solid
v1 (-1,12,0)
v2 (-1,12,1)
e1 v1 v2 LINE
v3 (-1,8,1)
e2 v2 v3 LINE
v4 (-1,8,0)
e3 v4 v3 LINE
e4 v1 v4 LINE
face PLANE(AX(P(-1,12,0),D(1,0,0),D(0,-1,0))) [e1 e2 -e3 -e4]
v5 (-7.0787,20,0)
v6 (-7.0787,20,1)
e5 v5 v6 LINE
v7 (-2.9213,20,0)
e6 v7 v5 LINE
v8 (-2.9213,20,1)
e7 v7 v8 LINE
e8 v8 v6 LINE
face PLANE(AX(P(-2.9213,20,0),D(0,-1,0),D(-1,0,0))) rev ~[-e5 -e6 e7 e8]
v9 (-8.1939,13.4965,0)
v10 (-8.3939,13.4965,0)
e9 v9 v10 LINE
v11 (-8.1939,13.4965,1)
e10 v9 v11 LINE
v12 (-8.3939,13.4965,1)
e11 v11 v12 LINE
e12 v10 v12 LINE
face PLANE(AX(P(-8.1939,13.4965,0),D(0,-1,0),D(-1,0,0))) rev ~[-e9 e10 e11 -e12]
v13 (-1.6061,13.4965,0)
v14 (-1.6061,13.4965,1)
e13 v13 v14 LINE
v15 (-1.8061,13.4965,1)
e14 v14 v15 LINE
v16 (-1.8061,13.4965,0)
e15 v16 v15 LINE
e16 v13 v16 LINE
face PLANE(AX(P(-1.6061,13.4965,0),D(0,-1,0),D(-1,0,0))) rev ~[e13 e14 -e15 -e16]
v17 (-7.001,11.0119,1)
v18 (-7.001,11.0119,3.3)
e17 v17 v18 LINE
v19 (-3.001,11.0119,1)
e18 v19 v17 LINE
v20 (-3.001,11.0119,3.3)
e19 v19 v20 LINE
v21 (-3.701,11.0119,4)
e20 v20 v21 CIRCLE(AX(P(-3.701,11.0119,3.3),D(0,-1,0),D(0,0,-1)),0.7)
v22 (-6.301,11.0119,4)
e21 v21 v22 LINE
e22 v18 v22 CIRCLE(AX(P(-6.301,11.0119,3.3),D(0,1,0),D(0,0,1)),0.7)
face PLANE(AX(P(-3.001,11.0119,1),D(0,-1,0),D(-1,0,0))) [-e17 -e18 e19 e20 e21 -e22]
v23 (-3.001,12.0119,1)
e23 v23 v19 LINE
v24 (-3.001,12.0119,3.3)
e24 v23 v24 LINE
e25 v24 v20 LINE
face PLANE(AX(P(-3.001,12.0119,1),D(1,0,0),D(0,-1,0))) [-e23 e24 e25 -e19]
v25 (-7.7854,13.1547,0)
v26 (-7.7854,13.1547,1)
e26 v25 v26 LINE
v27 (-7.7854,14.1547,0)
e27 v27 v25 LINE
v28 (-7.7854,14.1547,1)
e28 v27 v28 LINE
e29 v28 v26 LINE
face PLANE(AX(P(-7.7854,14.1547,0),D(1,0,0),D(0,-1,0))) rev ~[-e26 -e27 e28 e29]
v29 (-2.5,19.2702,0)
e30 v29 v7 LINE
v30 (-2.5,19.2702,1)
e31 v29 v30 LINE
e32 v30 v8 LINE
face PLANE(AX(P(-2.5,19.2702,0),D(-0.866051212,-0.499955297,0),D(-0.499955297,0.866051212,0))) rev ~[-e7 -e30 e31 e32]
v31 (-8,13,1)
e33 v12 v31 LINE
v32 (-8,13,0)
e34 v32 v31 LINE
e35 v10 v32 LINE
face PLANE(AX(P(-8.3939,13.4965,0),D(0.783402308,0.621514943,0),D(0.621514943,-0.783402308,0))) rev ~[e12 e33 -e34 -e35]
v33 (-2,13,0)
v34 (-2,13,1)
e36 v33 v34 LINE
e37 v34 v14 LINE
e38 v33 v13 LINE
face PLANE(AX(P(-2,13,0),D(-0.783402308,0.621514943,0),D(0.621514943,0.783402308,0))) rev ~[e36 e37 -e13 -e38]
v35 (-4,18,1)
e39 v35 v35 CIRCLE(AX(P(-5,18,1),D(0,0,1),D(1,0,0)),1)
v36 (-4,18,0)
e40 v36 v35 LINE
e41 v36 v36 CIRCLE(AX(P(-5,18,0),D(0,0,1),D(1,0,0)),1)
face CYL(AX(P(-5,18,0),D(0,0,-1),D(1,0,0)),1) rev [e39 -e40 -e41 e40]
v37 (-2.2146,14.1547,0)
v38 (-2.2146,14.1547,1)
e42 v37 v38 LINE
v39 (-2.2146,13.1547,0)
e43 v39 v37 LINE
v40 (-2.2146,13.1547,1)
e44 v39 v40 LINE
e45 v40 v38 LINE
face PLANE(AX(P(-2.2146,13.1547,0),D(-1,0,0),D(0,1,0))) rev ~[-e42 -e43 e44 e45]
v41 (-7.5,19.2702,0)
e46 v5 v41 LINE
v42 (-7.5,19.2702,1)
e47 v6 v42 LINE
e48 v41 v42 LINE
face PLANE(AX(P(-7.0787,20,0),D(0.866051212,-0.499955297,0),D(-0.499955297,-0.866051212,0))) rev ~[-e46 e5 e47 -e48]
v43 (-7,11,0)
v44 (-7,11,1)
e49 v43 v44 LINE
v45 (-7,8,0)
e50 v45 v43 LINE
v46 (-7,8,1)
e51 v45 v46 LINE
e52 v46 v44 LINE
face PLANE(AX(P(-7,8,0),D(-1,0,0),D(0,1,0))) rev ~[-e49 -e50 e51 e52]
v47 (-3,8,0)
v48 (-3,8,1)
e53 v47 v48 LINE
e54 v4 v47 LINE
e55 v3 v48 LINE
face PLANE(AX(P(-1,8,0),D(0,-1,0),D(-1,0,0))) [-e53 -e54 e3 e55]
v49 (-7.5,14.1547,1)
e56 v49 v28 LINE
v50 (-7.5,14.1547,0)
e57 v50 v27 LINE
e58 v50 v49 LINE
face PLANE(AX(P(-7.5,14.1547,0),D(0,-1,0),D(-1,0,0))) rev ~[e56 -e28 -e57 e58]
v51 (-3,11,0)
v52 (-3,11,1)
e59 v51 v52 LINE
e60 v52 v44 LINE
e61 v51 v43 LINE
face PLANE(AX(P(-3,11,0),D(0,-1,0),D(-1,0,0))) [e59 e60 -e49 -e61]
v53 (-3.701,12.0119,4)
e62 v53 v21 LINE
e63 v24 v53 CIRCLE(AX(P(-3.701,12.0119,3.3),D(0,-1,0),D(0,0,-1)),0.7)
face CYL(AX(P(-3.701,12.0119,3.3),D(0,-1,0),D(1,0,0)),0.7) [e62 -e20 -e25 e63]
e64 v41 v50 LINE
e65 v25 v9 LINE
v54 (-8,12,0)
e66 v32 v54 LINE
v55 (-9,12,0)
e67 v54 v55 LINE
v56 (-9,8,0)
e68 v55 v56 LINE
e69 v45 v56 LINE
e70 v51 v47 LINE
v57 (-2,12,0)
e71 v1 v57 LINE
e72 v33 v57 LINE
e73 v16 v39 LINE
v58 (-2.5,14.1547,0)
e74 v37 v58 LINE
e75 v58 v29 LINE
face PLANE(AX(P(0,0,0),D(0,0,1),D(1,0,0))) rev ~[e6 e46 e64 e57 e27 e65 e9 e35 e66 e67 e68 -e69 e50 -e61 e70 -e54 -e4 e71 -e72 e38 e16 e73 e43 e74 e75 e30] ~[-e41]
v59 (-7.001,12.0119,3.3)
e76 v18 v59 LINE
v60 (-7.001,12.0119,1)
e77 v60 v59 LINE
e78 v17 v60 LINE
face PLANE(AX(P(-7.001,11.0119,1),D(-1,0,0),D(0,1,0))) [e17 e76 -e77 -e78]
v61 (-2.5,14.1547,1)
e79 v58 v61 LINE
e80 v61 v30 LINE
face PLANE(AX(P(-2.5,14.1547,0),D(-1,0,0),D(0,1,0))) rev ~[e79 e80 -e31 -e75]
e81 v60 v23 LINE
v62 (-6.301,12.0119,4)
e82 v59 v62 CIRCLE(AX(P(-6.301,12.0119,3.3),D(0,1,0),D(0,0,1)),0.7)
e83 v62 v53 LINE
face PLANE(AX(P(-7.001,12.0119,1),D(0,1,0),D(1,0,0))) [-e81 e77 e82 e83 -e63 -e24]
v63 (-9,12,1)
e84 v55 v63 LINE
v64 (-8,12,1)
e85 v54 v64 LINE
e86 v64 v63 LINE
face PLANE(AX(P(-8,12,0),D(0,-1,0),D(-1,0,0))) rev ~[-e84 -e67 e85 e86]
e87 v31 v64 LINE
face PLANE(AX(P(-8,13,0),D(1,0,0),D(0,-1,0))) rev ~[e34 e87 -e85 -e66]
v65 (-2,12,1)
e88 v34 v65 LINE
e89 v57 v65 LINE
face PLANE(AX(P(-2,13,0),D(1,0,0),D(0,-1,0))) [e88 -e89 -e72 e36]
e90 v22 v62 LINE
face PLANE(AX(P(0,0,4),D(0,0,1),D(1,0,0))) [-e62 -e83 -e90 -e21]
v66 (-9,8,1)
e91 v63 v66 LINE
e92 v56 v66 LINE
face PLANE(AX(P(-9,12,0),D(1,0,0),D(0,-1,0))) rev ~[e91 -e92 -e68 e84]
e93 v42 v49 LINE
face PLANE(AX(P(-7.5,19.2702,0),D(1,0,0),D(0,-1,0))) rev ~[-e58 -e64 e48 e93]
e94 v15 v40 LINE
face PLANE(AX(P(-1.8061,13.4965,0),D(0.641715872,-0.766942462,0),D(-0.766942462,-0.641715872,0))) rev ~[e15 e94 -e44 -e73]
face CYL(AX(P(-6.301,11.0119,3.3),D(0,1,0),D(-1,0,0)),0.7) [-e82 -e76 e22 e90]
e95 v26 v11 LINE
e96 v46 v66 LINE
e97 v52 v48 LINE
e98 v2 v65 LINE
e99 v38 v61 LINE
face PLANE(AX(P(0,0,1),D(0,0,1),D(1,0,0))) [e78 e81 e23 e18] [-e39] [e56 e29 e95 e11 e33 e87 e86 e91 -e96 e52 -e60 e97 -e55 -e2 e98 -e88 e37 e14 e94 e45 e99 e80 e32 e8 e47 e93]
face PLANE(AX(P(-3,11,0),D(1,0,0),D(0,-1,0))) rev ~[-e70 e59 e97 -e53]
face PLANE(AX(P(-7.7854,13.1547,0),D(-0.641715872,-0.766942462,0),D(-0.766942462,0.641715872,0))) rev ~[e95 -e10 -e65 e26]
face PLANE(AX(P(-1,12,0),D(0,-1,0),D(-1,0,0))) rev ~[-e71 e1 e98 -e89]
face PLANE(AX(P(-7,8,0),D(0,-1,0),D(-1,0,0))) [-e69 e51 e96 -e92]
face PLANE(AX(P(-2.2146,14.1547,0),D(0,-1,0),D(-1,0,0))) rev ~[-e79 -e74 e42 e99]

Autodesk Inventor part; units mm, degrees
ref_plane "YZ Plane" through (0, 0, 0) normal (1, 0, 0) x (0, 1, 0)
ref_plane "XZ Plane" through (0, 0, 0) normal (0, 1, 0) x (-1, 0, 0)
ref_plane "XY Plane" through (0, 0, 0) normal (0, 0, 1) x (1, 0, 0)
sketch "Boceto1" plane through (0, 0, 0) normal (0, 0, 1) x (1, 0, 0)
  circle A0 centre (-5, 18) radius 1 projected
  line L0 (-8.3939, 13.4965) -> (-8, 13) projected
  line L1 (-8, 13) -> (-8, 12) projected
  line L2 (-2, 13) -> (-2, 12) projected
  line L3 (-2, 13) -> (-1.6061, 13.4965) projected
  line L4 (-1.6061, 13.4965) -> (-1.8061, 13.4965) projected
  line L5 (-1.8061, 13.4965) -> (-2.2146, 13.1547) projected
  line L6 (-2.2146, 13.1547) -> (-2.2146, 14.1547) projected
  line L7 (-2.2146, 14.1547) -> (-2.5, 14.1547) projected
  line L8 (-2.5, 14.1547) -> (-2.5, 19.2702) projected
  line L9 (-2.5, 19.2702) -> (-2.9213, 20) projected
  line L10 (-2.9213, 20) -> (-7.0787, 20) projected
  line L11 (-7.0787, 20) -> (-7.5, 19.2702) projected
  line L12 (-7.5, 19.2702) -> (-7.5, 14.1547) projected
  line L13 (-7.5, 14.1547) -> (-7.7854, 14.1547) projected
  line L14 (-7.7854, 14.1547) -> (-7.7854, 13.1547) projected
  line L15 (-7.7854, 13.1547) -> (-8.1939, 13.4965) projected
  line L16 (-8.1939, 13.4965) -> (-8.3939, 13.4965) projected
  line L17 (-8, 12) -> (-9, 12) projected
  line L18 (-9, 12) -> (-9, 8) projected
  line L19 (-7, 8) -> (-9, 8) projected
  line L20 (-7, 8) -> (-7, 11) projected
  line L21 (-3, 11) -> (-3, 8) projected
  line L22 (-1, 8) -> (-3, 8) projected
  line L23 (-1, 12) -> (-1, 8) projected
  line L24 (-1, 12) -> (-2, 12) projected
  line L25 (-3, 11) -> (-7, 11) projected
  point P0 (0, 0)
extrude "Extrusión1" add sketch "Boceto1" along normal blind 1
sketch "Boceto8" plane through (0, 0, 1) normal (0, 0, 1) x (1, 0, 0)
  line L0 (-3.001, 11.0119) -> (-7.001, 11.0119)
  line L1 (-7.001, 11.0119) -> (-7.001, 12.0119)
  line L2 (-7.001, 12.0119) -> (-3.001, 12.0119)
  line L3 (-3.001, 12.0119) -> (-3.001, 11.0119)
  point P0 (0, 0)
  dimension "d24" = 4
  dimension "d25" = 1
extrude "Extrusión4" add sketch "Boceto8" along normal blind 3
fillet "Empalme5" radius 0.7 2 edges at (-7.001, 11.5119, 4) (-3.001, 11.5119, 4)
properties material "----------"
